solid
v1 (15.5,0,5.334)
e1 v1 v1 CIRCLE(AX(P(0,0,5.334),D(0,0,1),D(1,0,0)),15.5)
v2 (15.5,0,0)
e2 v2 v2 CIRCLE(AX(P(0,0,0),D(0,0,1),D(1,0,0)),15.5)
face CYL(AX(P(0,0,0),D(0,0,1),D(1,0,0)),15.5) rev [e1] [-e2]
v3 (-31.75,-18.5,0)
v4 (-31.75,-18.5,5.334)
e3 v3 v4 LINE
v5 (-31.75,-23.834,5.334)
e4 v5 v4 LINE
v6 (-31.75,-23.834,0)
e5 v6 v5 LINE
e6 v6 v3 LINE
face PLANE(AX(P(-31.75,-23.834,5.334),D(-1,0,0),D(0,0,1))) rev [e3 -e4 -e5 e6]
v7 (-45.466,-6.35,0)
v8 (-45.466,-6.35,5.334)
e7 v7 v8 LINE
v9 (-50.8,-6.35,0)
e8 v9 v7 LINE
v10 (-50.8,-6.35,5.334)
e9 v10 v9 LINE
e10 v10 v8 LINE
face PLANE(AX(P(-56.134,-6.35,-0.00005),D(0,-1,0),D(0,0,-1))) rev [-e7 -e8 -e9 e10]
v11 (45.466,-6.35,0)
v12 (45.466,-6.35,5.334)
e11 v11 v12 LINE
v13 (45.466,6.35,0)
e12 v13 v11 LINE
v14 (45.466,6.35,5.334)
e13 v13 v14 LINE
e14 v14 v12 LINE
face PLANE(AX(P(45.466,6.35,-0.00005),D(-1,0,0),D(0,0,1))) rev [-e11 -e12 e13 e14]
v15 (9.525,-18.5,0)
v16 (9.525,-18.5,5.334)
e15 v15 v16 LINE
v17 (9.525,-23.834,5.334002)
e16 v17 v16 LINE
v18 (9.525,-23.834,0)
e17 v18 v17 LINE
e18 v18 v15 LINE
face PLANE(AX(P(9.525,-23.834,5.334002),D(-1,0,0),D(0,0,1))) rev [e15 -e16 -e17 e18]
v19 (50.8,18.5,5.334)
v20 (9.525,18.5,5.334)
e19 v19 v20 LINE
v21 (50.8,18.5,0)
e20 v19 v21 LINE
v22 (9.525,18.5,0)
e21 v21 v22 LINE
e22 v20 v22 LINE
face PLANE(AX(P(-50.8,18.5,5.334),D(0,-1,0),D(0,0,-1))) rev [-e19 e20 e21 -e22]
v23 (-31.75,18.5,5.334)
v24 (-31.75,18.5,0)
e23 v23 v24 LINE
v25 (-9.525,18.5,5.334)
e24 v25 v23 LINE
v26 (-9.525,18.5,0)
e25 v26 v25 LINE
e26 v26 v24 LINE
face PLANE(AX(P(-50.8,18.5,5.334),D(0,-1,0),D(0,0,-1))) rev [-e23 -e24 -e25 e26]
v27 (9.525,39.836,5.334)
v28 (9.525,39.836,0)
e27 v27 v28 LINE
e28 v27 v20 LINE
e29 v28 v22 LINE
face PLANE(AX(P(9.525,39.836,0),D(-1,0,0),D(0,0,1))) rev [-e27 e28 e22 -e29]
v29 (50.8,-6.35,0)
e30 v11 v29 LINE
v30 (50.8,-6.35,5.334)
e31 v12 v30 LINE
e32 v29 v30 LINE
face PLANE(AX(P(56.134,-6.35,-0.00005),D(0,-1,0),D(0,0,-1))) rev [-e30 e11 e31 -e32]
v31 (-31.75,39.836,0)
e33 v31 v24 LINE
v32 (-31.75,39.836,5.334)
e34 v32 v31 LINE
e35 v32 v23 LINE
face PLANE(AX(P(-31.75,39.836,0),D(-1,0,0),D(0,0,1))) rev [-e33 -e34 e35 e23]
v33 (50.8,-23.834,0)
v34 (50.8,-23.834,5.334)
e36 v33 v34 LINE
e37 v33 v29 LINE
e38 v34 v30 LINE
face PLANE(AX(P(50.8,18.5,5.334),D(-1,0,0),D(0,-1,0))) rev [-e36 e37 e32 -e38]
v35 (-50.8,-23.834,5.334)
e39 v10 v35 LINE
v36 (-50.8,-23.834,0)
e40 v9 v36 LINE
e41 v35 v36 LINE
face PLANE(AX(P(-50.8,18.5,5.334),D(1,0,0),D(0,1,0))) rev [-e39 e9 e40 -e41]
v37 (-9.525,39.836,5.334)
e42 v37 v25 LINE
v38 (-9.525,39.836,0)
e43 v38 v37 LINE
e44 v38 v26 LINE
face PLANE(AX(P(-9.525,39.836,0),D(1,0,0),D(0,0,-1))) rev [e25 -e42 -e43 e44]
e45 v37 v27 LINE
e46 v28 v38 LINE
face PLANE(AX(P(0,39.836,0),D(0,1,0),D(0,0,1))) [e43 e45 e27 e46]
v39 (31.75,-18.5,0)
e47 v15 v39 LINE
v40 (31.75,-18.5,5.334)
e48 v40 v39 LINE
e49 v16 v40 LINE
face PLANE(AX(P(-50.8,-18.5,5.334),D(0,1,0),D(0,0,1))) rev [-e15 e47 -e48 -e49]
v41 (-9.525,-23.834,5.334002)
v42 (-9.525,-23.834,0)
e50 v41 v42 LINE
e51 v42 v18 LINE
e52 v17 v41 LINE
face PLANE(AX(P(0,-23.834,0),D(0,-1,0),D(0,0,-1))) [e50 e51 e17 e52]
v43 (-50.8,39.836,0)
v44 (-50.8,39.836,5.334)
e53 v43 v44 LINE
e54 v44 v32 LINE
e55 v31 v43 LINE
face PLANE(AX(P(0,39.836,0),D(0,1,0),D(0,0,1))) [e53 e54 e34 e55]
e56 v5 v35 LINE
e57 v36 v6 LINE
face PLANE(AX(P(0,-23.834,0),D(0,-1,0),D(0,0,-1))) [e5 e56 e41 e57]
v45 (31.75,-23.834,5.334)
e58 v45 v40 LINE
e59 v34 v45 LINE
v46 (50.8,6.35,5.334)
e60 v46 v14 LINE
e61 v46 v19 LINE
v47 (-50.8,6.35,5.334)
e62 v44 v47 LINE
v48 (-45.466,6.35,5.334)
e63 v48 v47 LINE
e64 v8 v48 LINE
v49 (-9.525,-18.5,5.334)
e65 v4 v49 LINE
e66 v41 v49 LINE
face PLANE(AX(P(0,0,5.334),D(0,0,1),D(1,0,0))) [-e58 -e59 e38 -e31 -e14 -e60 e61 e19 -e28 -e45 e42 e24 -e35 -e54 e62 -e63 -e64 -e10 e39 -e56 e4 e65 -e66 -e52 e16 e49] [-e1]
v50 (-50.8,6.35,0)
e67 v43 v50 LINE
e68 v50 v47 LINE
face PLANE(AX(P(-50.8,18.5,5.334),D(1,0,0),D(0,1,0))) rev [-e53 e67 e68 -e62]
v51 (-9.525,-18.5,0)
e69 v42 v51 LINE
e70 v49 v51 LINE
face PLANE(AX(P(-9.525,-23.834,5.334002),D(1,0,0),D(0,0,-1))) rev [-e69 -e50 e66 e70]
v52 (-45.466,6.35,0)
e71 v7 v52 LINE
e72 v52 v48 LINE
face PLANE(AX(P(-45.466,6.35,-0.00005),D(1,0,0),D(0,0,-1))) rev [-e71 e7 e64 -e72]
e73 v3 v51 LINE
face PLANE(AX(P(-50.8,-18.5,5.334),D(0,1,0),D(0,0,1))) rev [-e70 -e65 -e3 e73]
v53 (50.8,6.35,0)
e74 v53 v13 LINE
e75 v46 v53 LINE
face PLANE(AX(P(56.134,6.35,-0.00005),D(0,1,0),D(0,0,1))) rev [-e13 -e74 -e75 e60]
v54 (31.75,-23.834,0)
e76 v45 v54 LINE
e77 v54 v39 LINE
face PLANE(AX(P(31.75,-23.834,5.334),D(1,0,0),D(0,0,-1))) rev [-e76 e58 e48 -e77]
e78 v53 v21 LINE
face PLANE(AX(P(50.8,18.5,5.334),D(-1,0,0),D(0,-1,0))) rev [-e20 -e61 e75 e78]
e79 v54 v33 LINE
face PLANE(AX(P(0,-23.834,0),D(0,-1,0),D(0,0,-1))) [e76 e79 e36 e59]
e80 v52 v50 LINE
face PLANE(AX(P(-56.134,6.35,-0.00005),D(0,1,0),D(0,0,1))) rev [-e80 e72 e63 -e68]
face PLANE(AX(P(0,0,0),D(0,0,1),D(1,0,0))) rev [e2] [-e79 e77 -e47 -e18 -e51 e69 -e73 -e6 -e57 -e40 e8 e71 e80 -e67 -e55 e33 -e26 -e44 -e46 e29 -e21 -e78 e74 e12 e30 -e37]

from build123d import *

# Parameters (mm, degrees)
SKETCH1_W           = 101.6
SKETCH1_H           = 36.999999914
BOSS_EXTRUDE1_DEPTH = 5.334
SKETCH2_R           = 15.499999988
MOTORHOLES_DEPTH    = 55.326251062
SKETCH3_W           = 19.05
SKETCH3_H           = 5.334
SKETCH3_H_2         = 5.334001831
BOTTOMTEETH_DEPTH   = 5.334
SKETCH4_W           = 10.668
SKETCH4_H           = 12.7
SIDECUT_DEPTH       = 57.36622313
SKETCH5_W           = 19.05
SKETCH5_H           = 5.334
TOPTEETH_DEPTH      = 21.336


with BuildPart() as part:
    # Sketch1 → Boss-Extrude1 (new body)
    with BuildSketch(Plane.XY):
        Rectangle(SKETCH1_W, SKETCH1_H)
    extrude(amount=BOSS_EXTRUDE1_DEPTH)

    # Sketch2 → MotorHoles (cut, through all)
    with BuildSketch(Plane.XY.offset(5.334)):
        Circle(SKETCH2_R)
    extrude(amount=-MOTORHOLES_DEPTH, mode=Mode.SUBTRACT)

    # Sketch3 → BottomTeeth (add)
    with BuildSketch(Plane.XZ.offset(18.499999957)):
        with Locations((-41.275, 2.667)):
            Rectangle(SKETCH3_W, SKETCH3_H)
        with Locations((41.275, 2.667)):
            Rectangle(SKETCH3_W, SKETCH3_H)
        with Locations((0, 2.667000916)):
            Rectangle(SKETCH3_W, SKETCH3_H_2)
    extrude(amount=BOTTOMTEETH_DEPTH)

    # Sketch4 → SideCut (cut, through all)
    with BuildSketch(Plane.XY.offset(5.334)):
        with Locations((-50.8, 0)):
            Rectangle(SKETCH4_W, SKETCH4_H)
        with Locations((50.8, 0)):
            Rectangle(SKETCH4_W, SKETCH4_H)
    extrude(amount=-SIDECUT_DEPTH, mode=Mode.SUBTRACT)

    # Sketch5 → TopTeeth (add)
    with BuildSketch(Plane(origin=(0, 18.499999957, 0), x_dir=(1, 0, 0), z_dir=(0, 1, 0))):
        with Locations((-41.275, -2.667)):
            Rectangle(SKETCH5_W, SKETCH5_H)
        with Locations((0, -2.667)):
            Rectangle(SKETCH5_W, SKETCH5_H)
    extrude(amount=TOPTEETH_DEPTH)


solid = part.part
